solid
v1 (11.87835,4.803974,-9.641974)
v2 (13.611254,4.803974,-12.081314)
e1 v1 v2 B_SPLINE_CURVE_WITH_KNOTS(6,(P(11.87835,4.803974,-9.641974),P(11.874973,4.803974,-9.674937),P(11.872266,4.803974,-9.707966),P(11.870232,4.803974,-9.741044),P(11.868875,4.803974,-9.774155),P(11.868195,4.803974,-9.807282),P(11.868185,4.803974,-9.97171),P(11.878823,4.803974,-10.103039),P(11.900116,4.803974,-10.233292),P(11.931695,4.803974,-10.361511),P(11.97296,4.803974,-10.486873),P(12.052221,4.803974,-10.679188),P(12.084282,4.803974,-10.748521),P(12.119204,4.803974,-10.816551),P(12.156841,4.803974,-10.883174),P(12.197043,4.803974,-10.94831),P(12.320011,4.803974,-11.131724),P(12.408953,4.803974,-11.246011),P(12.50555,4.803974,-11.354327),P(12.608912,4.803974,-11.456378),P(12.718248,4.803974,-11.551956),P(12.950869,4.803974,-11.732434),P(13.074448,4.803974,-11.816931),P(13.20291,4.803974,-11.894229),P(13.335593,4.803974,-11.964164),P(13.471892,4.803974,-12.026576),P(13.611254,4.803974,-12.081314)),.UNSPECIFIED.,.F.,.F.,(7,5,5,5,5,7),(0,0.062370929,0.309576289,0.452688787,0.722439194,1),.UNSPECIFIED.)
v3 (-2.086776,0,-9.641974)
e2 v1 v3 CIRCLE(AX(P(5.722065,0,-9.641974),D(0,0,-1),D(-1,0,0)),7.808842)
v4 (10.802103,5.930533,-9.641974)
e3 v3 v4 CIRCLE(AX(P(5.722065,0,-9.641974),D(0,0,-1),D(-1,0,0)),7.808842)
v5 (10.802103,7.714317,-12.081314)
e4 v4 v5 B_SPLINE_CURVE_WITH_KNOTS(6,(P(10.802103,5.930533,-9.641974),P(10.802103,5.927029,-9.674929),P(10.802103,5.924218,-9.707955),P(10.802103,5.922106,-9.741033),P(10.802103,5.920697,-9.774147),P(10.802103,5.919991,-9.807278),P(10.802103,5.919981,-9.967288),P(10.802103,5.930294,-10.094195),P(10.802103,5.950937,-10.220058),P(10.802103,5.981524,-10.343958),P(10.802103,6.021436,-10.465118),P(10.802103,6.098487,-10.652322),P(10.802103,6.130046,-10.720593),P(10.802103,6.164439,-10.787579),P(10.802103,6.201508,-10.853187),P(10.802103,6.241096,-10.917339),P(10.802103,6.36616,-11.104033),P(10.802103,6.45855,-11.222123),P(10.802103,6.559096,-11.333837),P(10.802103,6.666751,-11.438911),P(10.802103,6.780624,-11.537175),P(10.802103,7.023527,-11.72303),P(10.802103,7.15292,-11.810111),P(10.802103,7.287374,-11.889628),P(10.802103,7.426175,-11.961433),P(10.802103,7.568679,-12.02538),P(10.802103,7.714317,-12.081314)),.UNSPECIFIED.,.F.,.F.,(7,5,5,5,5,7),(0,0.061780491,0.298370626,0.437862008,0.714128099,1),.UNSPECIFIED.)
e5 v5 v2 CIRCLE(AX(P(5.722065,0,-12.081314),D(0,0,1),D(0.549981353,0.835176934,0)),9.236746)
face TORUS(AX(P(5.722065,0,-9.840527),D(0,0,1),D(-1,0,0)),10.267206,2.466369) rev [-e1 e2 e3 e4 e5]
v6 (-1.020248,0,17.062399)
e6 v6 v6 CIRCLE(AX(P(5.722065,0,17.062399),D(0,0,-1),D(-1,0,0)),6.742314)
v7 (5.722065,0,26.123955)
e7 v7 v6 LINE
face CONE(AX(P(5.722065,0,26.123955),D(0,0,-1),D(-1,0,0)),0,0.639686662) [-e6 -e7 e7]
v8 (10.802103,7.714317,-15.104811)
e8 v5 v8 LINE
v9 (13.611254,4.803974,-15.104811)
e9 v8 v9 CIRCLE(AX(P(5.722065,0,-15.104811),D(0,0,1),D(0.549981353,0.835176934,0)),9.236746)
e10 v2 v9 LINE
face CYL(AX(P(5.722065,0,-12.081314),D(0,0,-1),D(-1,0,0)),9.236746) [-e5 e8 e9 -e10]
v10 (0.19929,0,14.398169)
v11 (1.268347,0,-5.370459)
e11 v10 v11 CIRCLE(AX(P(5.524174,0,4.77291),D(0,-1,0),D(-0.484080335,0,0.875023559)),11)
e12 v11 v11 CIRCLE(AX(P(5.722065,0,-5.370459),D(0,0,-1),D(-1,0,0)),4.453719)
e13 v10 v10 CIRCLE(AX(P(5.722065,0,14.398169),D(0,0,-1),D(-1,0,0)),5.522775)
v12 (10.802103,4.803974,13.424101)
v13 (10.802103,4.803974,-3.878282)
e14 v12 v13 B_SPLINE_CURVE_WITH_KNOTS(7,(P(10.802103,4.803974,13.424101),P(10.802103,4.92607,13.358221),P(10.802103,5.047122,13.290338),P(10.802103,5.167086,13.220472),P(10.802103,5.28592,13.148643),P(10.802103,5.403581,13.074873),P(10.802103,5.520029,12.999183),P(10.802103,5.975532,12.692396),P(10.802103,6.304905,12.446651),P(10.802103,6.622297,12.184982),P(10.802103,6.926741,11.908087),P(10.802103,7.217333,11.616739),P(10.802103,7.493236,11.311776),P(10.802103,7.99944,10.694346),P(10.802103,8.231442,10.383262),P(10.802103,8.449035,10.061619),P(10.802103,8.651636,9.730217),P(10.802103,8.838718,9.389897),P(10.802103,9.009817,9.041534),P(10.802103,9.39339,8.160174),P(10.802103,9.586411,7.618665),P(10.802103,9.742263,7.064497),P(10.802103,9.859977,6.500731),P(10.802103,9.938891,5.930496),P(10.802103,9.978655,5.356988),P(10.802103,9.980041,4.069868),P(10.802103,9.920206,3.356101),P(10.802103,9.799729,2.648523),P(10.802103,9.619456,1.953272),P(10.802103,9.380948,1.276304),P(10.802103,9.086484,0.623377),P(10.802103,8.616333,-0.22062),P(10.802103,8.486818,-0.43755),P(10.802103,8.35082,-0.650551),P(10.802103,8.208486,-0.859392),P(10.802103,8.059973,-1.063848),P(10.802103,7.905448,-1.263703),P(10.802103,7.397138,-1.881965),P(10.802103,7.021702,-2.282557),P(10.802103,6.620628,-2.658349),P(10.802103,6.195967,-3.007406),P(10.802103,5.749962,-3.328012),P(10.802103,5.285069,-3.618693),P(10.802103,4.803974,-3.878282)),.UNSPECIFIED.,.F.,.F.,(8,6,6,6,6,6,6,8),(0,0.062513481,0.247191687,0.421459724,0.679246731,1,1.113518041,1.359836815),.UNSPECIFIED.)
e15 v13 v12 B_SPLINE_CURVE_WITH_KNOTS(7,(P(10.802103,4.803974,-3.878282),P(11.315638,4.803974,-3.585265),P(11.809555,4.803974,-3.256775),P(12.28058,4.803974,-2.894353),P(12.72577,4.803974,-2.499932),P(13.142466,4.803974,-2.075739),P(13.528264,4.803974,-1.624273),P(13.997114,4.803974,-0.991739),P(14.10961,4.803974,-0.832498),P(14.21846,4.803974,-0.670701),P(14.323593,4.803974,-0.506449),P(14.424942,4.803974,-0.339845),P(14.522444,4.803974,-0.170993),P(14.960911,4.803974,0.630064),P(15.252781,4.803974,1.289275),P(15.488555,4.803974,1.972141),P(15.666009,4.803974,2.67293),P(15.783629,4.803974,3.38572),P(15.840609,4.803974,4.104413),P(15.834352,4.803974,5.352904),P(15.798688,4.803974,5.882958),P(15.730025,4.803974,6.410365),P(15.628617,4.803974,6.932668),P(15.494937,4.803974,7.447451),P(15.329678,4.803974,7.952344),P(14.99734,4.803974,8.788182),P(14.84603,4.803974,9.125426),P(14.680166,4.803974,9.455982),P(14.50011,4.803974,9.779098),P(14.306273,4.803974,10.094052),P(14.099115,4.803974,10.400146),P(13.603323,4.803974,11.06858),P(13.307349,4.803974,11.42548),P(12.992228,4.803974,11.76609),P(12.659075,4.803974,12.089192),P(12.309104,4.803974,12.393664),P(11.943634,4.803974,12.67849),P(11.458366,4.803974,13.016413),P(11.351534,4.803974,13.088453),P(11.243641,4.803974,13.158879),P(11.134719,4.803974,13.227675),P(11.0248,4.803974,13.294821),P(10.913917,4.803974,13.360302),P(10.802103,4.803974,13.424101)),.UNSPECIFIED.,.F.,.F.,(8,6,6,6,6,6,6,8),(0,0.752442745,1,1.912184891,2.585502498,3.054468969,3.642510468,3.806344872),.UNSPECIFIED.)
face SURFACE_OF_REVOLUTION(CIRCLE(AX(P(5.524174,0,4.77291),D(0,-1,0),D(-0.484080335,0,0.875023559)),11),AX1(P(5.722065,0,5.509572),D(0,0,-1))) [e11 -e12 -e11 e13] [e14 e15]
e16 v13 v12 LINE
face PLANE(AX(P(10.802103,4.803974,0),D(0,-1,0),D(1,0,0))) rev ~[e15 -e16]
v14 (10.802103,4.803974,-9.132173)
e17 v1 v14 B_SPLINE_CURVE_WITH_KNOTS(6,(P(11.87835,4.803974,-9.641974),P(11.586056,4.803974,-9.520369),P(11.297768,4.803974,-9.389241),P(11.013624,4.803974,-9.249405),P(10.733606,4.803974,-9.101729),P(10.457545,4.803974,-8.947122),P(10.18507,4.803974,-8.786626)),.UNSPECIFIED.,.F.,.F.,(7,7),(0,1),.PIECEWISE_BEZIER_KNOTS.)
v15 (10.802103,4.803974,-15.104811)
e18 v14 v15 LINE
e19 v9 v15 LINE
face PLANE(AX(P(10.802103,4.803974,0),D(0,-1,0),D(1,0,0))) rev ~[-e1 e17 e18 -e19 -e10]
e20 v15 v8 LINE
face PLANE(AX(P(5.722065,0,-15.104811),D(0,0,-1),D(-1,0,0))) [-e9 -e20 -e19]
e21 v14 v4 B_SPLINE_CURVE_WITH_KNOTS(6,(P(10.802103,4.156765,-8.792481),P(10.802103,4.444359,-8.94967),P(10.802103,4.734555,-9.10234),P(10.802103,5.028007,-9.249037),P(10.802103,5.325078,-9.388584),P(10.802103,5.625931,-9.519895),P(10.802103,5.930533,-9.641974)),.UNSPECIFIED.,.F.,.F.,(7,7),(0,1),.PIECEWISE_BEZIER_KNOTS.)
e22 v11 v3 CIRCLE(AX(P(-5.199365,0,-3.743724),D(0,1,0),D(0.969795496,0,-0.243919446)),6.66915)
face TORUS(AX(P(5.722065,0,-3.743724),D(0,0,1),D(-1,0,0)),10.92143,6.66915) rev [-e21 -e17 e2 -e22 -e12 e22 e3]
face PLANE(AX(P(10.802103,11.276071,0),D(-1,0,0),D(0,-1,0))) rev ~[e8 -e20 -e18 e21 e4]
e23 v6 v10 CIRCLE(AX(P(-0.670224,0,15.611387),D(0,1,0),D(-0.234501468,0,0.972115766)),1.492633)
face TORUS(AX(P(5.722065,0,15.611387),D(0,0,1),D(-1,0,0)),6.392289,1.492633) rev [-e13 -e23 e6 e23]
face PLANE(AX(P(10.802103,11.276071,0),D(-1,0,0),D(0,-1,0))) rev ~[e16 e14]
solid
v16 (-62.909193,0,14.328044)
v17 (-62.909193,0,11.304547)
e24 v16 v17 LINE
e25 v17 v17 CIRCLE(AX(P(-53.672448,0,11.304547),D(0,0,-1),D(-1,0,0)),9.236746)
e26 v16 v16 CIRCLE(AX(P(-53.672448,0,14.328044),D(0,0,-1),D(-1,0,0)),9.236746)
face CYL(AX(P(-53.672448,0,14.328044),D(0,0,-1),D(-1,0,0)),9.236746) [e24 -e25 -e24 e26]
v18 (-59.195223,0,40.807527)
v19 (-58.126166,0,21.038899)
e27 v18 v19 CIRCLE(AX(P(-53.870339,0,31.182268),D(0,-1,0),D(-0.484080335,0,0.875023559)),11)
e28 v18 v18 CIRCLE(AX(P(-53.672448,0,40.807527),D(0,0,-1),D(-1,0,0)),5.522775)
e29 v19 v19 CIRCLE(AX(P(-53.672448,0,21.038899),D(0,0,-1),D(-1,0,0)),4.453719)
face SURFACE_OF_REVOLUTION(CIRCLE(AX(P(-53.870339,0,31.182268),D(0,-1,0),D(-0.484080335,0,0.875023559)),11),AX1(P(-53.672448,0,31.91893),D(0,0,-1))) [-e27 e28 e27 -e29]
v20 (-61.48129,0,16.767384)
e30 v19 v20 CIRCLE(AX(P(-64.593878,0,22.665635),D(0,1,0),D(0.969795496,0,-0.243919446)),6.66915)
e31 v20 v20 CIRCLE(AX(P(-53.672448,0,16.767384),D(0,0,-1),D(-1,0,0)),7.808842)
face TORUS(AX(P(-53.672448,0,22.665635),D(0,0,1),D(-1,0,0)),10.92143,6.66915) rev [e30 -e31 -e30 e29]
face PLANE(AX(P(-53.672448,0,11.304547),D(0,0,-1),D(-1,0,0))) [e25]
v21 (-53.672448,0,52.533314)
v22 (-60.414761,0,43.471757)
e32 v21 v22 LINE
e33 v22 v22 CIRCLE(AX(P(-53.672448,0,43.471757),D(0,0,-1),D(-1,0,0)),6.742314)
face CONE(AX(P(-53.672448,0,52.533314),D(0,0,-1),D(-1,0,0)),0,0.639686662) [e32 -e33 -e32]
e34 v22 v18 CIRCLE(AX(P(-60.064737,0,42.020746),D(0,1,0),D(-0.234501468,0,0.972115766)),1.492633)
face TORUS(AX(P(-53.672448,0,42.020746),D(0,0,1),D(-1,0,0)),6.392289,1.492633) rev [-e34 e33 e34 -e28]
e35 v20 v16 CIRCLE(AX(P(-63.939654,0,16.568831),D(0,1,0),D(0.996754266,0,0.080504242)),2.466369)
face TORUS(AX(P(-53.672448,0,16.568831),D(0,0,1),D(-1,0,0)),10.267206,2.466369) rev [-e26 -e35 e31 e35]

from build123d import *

# Parameters (mm, degrees)
F5_DEPTH      = 25
F5_DEPTH_BACK = 25


with BuildPart() as f1:
    # F0 (on Front) → F1 (revolve)
    with BuildSketch(Plane.XZ):
        with BuildLine():
            ThreePointArc((-60.4147613049, 43.4717573225), (-58.7075346795, 42.6419981863), (-59.1952231004, 40.8075274238))
            ThreePointArc((-59.1952231004, 40.8075274238), (-64.8542899812, 30.5882733251), (-58.1261664629, 21.0388991982))
            ThreePointArc((-58.1261664629, 21.0388991982), (-59.3491667459, 18.5461000832), (-61.4812896224, 16.7673844907))
            ThreePointArc((-61.4812896224, 16.7673844907), (-61.811140192, 15.3228748885), (-62.909193337, 14.3280439079))
            Line((-62.909193337, 14.3280439079), (-62.909193337, 11.3045470789))
            Line((-62.909193337, 11.3045470789), (-53.6724478006, 11.3045470789))
            Line((-53.6724478006, 11.3045470789), (-53.6724478006, 52.533313632))
            Line((-53.6724478006, 52.533313632), (-60.4147613049, 43.4717573225))
        make_face()
    revolve(axis=Axis((-53.6724478006, 0, 31.9189303555), (0, 0, -1)))


with BuildPart() as f3:
    # F2 (on Front) → F3 (revolve)
    with BuildSketch(Plane.XZ):
        with BuildLine():
            ThreePointArc((-1.0202481028, 17.0623989826), (0.6869785226, 16.2326398464), (0.1992901017, 14.3981690839))
            ThreePointArc((0.1992901017, 14.3981690839), (-5.459776779, 4.1789149852), (1.2683467392, -5.3704591417))
            ThreePointArc((1.2683467392, -5.3704591417), (0.0453464562, -7.8632582567), (-2.0867764203, -9.6419738492))
            ThreePointArc((-2.0867764203, -9.6419738492), (-2.4166269899, -11.0864834515), (-3.5146801349, -12.081314432))
            Line((-3.5146801349, -12.081314432), (-3.5146801349, -15.104811261))
            Line((-3.5146801349, -15.104811261), (5.7220654015, -15.104811261))
            Line((5.7220654015, -15.104811261), (5.7220654015, 26.1239552921))
            Line((5.7220654015, 26.1239552921), (-1.0202481028, 17.0623989826))
        make_face()
    revolve(axis=Axis((5.7220654015, 0, 5.5095720155), (0, 0, -1)))

    # F4 (on Top) → F5 (cut, two sides)
    with BuildSketch(Plane.XY) as f5_sk:
        Polygon((16.972437501, 11.2760709599), (11.4540543873, 11.2760709599), (10.8021032065, 11.2760709599), (10.8021032065, 4.8039741814), (16.972437501, 4.8039741814), (16.972437501, 5.6380354799), align=None)
    extrude(amount=-F5_DEPTH, mode=Mode.SUBTRACT)
    extrude(f5_sk.sketch, amount=F5_DEPTH_BACK, mode=Mode.SUBTRACT)


solid = Compound([f1.part, f3.part])
